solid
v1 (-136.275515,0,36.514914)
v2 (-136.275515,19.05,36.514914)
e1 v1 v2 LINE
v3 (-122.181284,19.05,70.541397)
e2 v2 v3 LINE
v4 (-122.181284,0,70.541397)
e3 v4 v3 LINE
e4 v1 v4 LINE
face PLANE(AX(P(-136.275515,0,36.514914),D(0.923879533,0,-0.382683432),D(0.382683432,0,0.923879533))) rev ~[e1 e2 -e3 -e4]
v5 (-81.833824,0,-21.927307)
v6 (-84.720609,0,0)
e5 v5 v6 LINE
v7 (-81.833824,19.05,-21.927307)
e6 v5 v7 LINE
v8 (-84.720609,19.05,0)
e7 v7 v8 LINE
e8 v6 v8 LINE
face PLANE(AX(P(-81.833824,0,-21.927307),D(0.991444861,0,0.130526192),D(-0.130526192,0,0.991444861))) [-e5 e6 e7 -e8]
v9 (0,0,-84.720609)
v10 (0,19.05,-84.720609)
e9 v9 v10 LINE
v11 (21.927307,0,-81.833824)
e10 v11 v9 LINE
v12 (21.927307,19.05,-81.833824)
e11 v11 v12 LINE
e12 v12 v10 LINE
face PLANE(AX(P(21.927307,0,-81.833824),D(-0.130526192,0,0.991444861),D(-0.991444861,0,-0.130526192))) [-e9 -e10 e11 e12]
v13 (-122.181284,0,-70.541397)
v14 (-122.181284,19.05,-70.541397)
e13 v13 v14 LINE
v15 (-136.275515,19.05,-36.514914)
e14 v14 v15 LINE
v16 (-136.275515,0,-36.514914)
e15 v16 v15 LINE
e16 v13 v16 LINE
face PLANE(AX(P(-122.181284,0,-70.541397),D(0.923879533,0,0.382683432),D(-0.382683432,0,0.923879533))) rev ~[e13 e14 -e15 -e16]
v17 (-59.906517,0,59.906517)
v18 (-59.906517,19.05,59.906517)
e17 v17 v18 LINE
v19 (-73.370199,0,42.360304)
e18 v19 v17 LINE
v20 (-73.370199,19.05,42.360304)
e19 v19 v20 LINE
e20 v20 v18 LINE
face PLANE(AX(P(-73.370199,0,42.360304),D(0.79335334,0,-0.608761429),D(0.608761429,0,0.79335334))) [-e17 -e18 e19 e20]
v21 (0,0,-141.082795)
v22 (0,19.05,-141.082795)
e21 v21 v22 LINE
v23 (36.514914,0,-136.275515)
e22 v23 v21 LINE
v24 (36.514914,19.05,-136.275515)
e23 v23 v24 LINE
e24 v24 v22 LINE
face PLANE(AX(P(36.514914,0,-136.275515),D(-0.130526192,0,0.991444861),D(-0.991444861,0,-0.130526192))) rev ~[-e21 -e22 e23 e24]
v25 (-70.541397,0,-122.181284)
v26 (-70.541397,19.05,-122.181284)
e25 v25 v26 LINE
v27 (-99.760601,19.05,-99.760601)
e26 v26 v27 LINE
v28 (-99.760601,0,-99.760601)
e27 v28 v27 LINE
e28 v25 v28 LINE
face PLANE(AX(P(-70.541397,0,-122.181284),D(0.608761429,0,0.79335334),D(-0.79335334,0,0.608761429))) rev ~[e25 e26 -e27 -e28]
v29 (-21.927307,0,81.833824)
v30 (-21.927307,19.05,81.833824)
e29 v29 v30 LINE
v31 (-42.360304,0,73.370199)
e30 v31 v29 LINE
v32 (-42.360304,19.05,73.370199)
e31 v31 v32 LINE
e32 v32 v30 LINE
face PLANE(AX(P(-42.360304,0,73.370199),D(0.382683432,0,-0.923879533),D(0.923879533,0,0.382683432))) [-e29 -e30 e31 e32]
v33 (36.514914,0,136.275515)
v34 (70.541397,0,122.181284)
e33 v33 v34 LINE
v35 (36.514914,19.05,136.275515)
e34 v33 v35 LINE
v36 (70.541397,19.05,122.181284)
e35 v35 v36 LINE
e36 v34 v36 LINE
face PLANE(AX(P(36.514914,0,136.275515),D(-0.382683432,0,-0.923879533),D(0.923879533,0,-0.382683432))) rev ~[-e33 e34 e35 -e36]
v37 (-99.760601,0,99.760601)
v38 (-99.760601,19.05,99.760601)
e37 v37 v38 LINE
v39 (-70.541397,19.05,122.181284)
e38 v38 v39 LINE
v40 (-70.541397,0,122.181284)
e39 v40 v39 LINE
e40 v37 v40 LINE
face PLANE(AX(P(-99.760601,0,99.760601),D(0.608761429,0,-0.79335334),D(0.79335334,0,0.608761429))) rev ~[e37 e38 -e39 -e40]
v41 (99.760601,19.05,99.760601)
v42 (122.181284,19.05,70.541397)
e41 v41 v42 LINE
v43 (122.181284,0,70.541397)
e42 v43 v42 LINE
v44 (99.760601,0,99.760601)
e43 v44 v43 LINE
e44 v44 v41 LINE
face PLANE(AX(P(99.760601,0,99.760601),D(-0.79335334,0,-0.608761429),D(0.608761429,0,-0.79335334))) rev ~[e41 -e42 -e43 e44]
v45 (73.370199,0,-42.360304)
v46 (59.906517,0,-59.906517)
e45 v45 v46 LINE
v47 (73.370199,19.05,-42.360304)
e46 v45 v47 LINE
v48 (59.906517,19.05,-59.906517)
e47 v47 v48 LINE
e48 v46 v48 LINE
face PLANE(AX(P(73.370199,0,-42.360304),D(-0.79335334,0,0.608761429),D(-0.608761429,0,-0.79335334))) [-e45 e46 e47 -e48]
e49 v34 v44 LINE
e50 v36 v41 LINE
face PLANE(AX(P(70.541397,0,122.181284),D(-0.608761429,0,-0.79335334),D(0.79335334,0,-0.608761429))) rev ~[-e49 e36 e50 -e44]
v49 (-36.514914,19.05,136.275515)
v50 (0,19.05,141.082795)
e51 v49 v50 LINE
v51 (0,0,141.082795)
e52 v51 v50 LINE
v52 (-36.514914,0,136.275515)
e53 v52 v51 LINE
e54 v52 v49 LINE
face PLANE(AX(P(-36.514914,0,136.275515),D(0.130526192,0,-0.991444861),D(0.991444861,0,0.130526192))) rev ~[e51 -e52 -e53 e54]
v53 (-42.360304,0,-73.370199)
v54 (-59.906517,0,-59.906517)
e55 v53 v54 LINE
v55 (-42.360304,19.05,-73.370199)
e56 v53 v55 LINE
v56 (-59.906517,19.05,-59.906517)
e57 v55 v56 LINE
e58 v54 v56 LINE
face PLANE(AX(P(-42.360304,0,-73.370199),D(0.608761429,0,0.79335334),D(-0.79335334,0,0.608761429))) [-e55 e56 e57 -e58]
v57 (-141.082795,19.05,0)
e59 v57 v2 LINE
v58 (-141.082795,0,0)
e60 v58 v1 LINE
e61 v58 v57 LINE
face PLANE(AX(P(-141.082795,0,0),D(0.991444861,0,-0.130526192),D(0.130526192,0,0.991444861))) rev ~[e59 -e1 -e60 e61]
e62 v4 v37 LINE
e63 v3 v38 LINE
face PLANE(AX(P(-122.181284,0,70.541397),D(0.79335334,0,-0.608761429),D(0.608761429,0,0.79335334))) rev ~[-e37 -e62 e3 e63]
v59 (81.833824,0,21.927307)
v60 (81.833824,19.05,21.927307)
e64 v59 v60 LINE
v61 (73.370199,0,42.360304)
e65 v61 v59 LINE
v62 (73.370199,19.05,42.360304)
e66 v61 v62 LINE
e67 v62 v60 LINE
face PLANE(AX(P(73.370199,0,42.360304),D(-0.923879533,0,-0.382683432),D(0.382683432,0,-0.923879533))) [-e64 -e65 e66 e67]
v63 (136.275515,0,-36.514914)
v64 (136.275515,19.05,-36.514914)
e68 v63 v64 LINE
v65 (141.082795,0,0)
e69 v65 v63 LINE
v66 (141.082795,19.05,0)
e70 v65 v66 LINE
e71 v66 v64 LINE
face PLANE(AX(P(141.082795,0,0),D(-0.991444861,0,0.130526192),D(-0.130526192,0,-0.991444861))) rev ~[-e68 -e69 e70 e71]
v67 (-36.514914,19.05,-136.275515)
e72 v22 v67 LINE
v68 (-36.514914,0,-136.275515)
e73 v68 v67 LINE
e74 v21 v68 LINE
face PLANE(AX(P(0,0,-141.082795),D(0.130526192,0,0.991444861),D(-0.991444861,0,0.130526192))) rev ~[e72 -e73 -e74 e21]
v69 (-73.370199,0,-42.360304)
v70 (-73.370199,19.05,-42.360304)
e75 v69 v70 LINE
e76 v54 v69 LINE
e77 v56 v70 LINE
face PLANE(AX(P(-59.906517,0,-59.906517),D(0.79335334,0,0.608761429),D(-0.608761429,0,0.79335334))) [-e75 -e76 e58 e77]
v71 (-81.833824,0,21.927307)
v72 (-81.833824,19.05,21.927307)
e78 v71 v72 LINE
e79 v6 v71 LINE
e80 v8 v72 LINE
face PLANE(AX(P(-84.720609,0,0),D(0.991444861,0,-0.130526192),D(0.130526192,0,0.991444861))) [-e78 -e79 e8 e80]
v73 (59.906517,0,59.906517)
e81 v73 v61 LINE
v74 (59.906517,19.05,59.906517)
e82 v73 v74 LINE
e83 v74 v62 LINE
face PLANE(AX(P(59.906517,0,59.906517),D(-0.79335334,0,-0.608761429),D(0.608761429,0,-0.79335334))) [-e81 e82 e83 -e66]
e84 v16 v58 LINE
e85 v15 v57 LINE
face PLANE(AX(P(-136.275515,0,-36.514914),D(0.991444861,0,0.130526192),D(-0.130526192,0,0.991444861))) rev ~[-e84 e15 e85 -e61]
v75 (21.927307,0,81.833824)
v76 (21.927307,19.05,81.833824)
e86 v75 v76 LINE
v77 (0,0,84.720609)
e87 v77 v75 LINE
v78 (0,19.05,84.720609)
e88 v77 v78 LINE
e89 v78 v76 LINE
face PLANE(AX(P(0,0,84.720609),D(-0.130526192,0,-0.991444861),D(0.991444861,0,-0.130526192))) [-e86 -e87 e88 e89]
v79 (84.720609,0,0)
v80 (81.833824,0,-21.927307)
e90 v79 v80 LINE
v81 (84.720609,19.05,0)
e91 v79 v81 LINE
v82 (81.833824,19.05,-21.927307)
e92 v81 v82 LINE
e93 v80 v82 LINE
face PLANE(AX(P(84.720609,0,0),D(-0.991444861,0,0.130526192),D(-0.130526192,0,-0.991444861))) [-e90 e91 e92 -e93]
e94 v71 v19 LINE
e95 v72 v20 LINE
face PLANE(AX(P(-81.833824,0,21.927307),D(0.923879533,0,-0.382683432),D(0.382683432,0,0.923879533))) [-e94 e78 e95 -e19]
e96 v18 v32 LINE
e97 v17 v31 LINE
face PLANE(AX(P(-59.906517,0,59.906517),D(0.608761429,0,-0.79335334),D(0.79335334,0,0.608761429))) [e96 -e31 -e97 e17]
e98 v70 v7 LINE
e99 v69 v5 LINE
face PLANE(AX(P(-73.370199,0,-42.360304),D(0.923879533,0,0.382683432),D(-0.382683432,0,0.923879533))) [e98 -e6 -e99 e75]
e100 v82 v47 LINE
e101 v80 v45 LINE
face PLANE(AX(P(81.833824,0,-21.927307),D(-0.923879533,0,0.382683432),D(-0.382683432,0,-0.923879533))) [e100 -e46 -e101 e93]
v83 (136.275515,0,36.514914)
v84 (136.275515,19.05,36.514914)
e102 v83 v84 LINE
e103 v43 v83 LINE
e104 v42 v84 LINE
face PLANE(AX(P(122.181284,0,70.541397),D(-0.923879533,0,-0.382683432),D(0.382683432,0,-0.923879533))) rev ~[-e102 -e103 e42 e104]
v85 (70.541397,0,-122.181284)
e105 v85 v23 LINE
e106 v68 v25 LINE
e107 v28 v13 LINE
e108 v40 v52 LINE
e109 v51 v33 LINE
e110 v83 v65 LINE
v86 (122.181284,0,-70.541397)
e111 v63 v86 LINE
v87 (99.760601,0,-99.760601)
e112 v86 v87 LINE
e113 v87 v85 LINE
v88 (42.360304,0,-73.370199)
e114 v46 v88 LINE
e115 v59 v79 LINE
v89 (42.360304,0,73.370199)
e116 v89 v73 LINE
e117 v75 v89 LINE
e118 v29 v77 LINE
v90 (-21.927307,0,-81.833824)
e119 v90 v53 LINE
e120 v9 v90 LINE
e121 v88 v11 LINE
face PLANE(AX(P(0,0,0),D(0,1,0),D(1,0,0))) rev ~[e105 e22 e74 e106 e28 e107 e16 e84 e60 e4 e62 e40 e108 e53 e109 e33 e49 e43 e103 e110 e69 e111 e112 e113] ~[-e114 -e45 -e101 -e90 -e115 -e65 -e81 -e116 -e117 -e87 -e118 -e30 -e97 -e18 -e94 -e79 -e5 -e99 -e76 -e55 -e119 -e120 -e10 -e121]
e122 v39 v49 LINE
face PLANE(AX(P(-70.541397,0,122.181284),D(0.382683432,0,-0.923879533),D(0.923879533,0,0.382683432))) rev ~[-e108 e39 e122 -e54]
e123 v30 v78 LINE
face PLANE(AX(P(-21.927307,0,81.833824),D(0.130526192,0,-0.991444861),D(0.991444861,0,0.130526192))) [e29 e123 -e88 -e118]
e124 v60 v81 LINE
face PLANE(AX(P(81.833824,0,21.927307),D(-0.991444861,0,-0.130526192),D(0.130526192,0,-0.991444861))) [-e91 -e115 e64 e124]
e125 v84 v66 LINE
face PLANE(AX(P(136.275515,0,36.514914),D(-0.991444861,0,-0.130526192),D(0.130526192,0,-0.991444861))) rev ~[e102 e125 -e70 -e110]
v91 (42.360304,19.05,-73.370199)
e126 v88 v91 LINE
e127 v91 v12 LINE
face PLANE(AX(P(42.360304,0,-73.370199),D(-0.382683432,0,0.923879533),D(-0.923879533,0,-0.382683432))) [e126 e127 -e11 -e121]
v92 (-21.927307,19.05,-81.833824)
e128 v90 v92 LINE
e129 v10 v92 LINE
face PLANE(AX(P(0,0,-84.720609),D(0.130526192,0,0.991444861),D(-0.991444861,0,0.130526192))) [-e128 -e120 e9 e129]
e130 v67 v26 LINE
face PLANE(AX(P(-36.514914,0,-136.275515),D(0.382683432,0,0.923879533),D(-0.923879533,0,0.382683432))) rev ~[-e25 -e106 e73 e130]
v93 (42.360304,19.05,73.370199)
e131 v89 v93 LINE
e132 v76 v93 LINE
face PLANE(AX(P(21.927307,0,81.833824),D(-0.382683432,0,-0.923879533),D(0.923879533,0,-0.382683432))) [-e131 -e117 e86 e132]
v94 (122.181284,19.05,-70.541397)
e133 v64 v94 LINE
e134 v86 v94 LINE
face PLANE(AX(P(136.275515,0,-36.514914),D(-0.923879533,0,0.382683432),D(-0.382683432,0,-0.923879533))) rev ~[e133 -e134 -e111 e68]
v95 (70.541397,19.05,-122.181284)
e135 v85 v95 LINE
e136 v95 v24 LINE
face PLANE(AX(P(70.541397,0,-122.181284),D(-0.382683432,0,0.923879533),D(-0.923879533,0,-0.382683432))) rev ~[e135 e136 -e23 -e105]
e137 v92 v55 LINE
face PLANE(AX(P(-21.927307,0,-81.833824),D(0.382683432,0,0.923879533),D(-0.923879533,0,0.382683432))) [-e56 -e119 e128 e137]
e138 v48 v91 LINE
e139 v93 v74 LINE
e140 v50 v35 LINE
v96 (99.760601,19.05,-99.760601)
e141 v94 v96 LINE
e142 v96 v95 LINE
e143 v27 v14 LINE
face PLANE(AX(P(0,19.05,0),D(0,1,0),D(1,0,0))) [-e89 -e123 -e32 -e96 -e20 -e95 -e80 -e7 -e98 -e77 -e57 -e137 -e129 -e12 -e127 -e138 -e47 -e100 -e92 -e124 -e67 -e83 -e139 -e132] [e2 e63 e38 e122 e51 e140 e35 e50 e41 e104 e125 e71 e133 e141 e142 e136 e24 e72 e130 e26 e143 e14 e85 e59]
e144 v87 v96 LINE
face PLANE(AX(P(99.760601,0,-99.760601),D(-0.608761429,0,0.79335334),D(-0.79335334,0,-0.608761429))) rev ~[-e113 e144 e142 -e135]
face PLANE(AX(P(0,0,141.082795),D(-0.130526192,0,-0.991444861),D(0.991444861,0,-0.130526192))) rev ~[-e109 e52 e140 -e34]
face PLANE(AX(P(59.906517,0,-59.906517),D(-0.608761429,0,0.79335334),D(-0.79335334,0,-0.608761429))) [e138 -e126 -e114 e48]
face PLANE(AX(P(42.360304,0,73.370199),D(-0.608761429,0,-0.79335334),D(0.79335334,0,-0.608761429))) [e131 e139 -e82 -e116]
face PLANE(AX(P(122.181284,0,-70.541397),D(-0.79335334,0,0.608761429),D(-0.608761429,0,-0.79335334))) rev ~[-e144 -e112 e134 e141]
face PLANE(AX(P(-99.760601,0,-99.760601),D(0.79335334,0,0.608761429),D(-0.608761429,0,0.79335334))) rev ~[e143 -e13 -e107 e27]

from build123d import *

# Parameters (mm, degrees)
BOSS_EXTRUDE2_DEPTH = 19.05


with BuildPart() as part:
    # Sketch2 → Boss-Extrude2 (new body)
    with BuildSketch(Plane(origin=(0, 0, 0), x_dir=(1, 0, 0), z_dir=(0, 1, 0))):
        Polygon((-141.082794854, 0), (-136.275515194, -36.514914244), (-122.18128438, -70.541397427), (-99.76060095, -99.76060095), (-70.541397427, -122.18128438), (-36.514914244, -136.275515194), (0, -141.082794854), (36.514914244, -136.275515194), (70.541397427, -122.18128438), (99.76060095, -99.76060095), (122.18128438, -70.541397427), (136.275515194, -36.514914244), (141.082794854, 0), (136.275515194, 36.514914244), (122.18128438, 70.541397427), (99.76060095, 99.76060095), (70.541397427, 122.18128438), (36.514914244, 136.275515194), (0, 141.082794854), (-36.514914244, 136.275515194), (-70.541397427, 122.18128438), (-99.76060095, 99.76060095), (-122.18128438, 70.541397427), (-136.275515194, 36.514914244), align=None)
        Polygon((-84.720608536, 0), (-81.833823804, -21.927307002), (-73.370199217, -42.360304268), (-59.906516802, -59.906516802), (-42.360304268, -73.370199217), (-21.927307002, -81.833823804), (0, -84.720608536), (21.927307002, -81.833823804), (42.360304268, -73.370199217), (59.906516802, -59.906516802), (73.370199217, -42.360304268), (81.833823804, -21.927307002), (84.720608536, 0), (81.833823804, 21.927307002), (73.370199217, 42.360304268), (59.906516802, 59.906516802), (42.360304268, 73.370199217), (21.927307002, 81.833823804), (0, 84.720608536), (-21.927307002, 81.833823804), (-42.360304268, 73.370199217), (-59.906516802, 59.906516802), (-73.370199217, 42.360304268), (-81.833823804, 21.927307002), align=None, mode=Mode.SUBTRACT)
    extrude(amount=BOSS_EXTRUDE2_DEPTH)


solid = part.part
